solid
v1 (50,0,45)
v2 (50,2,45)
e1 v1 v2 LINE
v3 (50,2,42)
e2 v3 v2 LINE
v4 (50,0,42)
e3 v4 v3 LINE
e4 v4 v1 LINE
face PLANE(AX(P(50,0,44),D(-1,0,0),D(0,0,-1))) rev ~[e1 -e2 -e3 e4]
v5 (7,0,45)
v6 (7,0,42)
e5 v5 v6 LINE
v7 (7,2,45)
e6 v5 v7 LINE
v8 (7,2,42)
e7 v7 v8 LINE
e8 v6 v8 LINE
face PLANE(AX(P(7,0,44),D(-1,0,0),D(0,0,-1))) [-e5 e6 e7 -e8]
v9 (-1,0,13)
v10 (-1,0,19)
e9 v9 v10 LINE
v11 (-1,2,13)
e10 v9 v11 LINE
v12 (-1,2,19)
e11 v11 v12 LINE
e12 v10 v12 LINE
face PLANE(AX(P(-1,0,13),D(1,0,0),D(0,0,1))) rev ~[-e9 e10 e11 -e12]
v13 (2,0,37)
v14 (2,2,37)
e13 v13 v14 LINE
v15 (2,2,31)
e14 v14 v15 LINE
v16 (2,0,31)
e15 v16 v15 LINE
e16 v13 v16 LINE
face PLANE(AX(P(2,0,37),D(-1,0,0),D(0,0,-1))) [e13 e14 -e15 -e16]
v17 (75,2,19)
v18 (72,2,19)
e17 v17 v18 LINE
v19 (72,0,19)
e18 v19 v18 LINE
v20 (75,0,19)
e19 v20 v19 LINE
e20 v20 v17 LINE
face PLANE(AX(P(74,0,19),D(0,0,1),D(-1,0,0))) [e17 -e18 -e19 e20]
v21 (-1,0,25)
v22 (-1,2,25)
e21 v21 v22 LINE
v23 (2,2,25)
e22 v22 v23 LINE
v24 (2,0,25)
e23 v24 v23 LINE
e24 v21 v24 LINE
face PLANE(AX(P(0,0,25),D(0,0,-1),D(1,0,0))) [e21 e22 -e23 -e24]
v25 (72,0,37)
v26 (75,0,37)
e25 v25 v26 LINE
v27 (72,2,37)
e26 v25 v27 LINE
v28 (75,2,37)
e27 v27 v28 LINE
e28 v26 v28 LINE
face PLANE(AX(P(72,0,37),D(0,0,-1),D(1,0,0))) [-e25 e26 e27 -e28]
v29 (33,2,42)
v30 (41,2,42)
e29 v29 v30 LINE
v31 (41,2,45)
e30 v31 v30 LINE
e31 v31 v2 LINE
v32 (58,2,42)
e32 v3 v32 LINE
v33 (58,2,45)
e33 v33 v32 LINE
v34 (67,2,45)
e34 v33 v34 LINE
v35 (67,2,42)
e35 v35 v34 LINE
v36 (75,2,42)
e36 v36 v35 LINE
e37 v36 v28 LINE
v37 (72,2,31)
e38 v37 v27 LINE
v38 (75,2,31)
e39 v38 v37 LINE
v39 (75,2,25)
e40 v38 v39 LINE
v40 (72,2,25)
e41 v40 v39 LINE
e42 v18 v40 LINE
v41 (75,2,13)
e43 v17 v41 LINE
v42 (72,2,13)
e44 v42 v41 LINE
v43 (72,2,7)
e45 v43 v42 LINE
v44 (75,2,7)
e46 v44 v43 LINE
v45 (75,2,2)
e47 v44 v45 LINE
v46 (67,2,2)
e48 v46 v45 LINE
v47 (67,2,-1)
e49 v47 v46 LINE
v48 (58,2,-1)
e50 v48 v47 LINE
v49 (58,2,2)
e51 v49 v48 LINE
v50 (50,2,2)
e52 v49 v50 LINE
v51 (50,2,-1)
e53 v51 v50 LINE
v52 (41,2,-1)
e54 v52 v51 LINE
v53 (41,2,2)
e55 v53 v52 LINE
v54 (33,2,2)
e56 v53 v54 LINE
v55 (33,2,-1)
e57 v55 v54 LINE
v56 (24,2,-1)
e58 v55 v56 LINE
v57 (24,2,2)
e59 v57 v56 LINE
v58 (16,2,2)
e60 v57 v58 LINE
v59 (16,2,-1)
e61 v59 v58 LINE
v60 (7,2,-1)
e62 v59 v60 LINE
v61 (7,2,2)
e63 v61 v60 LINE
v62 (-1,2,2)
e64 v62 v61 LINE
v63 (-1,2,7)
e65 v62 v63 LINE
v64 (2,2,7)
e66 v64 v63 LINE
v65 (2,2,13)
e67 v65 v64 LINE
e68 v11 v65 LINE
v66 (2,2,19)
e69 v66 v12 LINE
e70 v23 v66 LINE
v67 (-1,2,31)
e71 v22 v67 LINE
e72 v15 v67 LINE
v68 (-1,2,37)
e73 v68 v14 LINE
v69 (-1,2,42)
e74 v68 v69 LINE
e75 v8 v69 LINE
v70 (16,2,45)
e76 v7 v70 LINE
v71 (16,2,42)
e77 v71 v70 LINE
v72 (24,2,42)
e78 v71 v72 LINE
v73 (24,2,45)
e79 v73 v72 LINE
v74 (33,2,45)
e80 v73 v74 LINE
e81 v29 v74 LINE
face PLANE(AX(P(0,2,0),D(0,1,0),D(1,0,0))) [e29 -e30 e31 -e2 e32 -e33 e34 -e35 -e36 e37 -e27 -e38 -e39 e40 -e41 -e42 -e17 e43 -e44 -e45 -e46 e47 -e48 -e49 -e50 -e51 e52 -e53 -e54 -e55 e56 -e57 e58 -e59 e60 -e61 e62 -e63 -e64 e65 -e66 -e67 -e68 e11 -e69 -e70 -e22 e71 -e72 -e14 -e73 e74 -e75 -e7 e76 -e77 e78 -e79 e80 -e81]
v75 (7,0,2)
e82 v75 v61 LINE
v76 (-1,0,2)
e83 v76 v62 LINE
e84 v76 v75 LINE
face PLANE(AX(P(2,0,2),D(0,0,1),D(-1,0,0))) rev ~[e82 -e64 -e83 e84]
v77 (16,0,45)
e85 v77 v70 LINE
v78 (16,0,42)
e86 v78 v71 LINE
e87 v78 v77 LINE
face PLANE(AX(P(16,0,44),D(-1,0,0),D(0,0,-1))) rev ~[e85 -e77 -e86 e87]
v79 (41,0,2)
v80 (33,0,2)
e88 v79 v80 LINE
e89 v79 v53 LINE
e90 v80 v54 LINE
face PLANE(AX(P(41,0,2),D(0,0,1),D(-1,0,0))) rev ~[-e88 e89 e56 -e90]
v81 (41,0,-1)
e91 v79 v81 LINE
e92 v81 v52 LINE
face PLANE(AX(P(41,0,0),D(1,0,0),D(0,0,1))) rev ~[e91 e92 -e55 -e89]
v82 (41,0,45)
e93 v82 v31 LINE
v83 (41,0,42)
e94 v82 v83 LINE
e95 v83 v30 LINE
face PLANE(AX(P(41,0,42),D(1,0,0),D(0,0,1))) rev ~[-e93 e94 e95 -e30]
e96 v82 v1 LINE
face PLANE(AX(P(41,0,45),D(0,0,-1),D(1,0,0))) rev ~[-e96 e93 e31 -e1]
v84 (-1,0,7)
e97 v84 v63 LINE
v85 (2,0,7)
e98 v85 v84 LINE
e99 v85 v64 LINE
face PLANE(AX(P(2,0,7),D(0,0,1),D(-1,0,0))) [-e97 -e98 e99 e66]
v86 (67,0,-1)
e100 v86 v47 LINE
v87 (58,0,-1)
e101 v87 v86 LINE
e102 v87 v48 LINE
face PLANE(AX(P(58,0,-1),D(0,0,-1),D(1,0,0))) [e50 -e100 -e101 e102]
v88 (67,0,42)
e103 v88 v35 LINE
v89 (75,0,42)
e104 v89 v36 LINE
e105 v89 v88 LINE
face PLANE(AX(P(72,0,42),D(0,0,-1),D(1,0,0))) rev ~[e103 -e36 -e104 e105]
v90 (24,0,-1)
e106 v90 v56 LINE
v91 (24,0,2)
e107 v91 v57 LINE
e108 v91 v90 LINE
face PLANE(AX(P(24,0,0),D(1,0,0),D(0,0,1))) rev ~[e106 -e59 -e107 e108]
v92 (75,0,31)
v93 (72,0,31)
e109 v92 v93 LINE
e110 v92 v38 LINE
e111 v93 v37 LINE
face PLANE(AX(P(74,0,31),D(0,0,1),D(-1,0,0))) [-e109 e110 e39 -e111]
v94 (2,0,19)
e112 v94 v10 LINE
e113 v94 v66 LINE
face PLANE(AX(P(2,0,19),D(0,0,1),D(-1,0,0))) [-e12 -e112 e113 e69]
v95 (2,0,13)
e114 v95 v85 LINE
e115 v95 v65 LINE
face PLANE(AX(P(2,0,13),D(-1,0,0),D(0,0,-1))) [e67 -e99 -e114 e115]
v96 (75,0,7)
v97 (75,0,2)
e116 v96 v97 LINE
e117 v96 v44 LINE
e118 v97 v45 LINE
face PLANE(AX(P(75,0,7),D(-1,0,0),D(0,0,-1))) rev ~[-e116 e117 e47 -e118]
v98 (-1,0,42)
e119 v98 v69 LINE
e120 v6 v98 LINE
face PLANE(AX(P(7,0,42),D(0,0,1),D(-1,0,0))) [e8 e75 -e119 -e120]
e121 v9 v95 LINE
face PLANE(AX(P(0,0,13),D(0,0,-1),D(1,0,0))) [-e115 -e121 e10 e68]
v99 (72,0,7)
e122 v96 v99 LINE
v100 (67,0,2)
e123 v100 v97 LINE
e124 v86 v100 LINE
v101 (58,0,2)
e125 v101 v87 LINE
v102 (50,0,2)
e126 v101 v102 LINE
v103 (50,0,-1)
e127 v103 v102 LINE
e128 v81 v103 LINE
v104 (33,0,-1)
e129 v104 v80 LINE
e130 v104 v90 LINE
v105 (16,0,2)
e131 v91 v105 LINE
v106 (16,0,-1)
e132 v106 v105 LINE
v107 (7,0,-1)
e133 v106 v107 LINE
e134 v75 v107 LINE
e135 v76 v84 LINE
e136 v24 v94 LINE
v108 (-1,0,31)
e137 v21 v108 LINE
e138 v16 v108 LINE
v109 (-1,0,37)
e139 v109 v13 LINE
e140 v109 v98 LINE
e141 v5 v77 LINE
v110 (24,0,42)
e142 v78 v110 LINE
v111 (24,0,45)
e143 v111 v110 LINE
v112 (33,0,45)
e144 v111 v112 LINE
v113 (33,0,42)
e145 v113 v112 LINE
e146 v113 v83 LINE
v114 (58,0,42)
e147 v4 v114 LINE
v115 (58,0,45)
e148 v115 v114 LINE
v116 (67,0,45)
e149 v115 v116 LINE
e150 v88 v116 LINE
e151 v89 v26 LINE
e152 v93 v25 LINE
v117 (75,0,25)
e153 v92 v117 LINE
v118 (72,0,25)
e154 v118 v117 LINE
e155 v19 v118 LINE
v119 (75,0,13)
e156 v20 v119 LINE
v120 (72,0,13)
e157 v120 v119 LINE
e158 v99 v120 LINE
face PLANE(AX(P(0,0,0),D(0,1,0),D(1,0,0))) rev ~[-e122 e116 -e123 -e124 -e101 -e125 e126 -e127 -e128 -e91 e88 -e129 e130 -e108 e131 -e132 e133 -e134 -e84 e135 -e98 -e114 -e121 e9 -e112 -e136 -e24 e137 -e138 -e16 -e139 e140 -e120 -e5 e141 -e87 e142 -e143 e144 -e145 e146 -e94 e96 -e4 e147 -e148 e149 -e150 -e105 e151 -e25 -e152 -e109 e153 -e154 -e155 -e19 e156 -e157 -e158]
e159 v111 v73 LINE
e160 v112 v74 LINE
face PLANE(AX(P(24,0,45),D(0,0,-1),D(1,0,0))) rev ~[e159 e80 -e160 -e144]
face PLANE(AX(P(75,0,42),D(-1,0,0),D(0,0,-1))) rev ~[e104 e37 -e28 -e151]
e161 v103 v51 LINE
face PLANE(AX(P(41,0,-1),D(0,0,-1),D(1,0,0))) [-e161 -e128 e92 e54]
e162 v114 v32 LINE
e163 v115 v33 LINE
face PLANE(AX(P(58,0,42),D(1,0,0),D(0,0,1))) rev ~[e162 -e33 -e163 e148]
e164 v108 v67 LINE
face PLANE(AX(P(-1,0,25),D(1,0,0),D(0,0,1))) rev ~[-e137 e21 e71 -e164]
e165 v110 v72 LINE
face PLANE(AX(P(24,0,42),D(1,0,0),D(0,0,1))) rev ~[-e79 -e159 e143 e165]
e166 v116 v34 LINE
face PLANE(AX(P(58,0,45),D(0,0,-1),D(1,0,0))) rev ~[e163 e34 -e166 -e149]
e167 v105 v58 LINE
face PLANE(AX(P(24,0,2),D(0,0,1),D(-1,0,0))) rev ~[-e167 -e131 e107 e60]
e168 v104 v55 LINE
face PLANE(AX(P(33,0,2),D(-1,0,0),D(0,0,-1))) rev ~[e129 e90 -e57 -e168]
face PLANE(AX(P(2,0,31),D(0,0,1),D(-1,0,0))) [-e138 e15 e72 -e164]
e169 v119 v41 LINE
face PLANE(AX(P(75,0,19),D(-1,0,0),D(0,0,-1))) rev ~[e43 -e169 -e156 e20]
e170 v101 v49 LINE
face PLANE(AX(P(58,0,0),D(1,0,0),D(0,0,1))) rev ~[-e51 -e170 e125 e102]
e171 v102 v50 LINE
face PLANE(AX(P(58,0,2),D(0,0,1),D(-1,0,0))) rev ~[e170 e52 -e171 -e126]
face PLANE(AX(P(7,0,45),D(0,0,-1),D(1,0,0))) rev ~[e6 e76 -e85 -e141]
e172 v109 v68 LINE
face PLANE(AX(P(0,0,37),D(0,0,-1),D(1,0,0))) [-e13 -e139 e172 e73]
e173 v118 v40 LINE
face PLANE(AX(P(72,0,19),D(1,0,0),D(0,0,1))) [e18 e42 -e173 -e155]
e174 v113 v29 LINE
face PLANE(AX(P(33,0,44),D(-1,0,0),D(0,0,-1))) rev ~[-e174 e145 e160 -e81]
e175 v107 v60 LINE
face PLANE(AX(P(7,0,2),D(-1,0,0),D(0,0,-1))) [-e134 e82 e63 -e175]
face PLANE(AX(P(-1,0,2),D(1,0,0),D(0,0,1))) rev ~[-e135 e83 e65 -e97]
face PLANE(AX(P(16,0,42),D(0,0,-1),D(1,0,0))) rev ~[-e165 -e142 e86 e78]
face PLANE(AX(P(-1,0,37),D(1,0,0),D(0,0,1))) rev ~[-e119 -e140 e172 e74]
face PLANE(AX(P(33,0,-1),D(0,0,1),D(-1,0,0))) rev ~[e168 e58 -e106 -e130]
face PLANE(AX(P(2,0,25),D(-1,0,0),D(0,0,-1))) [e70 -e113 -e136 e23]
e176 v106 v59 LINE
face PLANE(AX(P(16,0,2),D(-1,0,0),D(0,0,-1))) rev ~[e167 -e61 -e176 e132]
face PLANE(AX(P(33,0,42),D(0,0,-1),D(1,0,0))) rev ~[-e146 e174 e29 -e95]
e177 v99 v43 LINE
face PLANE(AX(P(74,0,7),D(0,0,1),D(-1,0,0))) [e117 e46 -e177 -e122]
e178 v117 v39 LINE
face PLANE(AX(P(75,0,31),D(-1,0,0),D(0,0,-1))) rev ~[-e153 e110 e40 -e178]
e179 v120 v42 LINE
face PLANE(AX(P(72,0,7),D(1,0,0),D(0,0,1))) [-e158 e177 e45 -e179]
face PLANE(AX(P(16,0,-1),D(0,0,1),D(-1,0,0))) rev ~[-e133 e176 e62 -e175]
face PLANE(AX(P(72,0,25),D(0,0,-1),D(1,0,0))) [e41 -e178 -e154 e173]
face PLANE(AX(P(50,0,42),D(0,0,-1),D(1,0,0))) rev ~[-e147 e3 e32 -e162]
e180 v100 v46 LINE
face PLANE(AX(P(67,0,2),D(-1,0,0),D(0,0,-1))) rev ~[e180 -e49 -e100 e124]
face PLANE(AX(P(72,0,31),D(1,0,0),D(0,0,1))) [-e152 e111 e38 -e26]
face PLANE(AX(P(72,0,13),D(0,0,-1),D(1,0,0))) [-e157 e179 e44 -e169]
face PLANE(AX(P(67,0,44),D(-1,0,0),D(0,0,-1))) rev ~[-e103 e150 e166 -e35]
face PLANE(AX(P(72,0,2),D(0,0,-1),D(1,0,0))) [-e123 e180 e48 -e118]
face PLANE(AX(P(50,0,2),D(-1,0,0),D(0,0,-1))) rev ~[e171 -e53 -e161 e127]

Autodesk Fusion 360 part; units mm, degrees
sketch "スケッチ1" plane through (0, 0, 0) normal (0, 1, 0) x (1, 0, 0)
  line L0 (0, 0) -> (74, 0)
  line L1 (74, 0) -> (74, -44)
  line L2 (74, -44) -> (0, -44)
  line L3 (0, -44) -> (0, 0)
  dimension "d1" = 74
  dimension "d2" = 44
extrude "押し出し1" add sketch "スケッチ1" along normal blind 2
sketch "スケッチ2" plane through (0, 0, 0) normal (0, -1, 0) x (1, 0, 0)
  line L0 (74, 44) -> (0, 44)
  line L1 (0, 44) -> (0, 0)
  line L2 (0, 0) -> (74, 0)
  line L3 (74, 0) -> (74, 44)
  line L4 (72, 37) -> (74, 37)
  line L5 (74, 37) -> (74, 31)
  line L6 (74, 31) -> (72, 31)
  line L7 (72, 31) -> (72, 37)
  line L8 (74, 25) -> (74, 19)
  line L9 (74, 19) -> (72, 19)
  line L10 (72, 19) -> (72, 25)
  line L11 (72, 25) -> (74, 25)
  line L12 (74, 13) -> (74, 7)
  line L13 (74, 7) -> (72, 7)
  line L14 (72, 7) -> (72, 13)
  line L15 (72, 13) -> (74, 13)
  line L16 (2, 25) -> (2, 19)
  line L17 (2, 31) -> (0, 31)
  line L18 (2, 37) -> (2, 31)
  line L19 (0, 25) -> (2, 25)
  line L20 (2, 13) -> (2, 7)
  line L21 (0, 19) -> (0, 25)
  line L22 (0, 13) -> (2, 13)
  line L23 (2, 7) -> (0, 7)
  line L24 (0, 31) -> (0, 37)
  line L25 (0, 37) -> (2, 37)
  line L26 (0, 7) -> (0, 13)
  line L27 (2, 19) -> (0, 19)
  line L28 (74, 44) -> (72, 44)
  line L29 (72, 44) -> (72, 42)
  line L30 (72, 42) -> (74, 42)
  line L31 (74, 42) -> (74, 44)
  line L32 (0, 44) -> (2, 44)
  line L33 (2, 44) -> (2, 42)
  line L34 (2, 42) -> (0, 42)
  line L35 (0, 42) -> (0, 44)
  line L36 (0, 0) -> (2, 0)
  line L37 (2, 0) -> (2, 2)
  line L38 (2, 2) -> (0, 2)
  line L39 (0, 2) -> (0, 0)
  line L40 (74, 0) -> (72, 0)
  line L41 (72, 0) -> (72, 2)
  line L42 (72, 2) -> (74, 2)
  line L43 (74, 2) -> (74, 0)
  dimension "d7" = 0
  dimension "d8" = -12
  dimension "d9" = 2
  dimension "d10" = 7
  dimension "d11" = 6
  dimension "d12" = 6
  dimension "d13" = 7
  dimension "d16" = -72
  dimension "d17" = 0
extrude "押し出し2" cut sketch "スケッチ2" against normal blind 2 contours L0 L3 L28 L29 L30 L31 | L0 L1 L32 L33 L34 L35 | L3 L4 L5 L6 L7 | L3 L8 L9 L10 L11 | L1 L17 L18 L24 L25 | L3 L12 L13 L14 L15 | L1 L16 L19 L21 L27 | L2 L3 L40 L41 L42 L43 | L1 L20 L22 L23 L26 | L1 L2 L36 L37 L38 L39
sketch "スケッチ3" plane through (0, 0, 0) normal (0, -1, 0) x (1, 0, 0)
  line L0 (74, 31) -> (72, 31)
  line L1 (72, 31) -> (72, 37)
  line L2 (72, 37) -> (74, 37)
  line L3 (74, 37) -> (74, 42)
  line L4 (74, 42) -> (72, 42)
  line L5 (72, 42) -> (72, 44)
  line L6 (72, 44) -> (2, 44)
  line L7 (2, 44) -> (2, 42)
  line L8 (2, 42) -> (0, 42)
  line L9 (0, 42) -> (0, 37)
  line L10 (0, 37) -> (2, 37)
  line L11 (2, 37) -> (2, 31)
  line L12 (2, 31) -> (0, 31)
  line L13 (0, 31) -> (0, 25)
  line L14 (0, 25) -> (2, 25)
  line L15 (2, 25) -> (2, 19)
  line L16 (2, 19) -> (0, 19)
  line L17 (0, 19) -> (0, 13)
  line L18 (0, 13) -> (2, 13)
  line L19 (2, 13) -> (2, 7)
  line L20 (2, 7) -> (0, 7)
  line L21 (0, 7) -> (0, 2)
  line L22 (0, 2) -> (2, 2)
  line L23 (2, 2) -> (2, 0)
  line L24 (2, 0) -> (72, 0)
  line L25 (72, 0) -> (72, 2)
  line L26 (72, 2) -> (74, 2)
  line L27 (74, 2) -> (74, 7)
  line L28 (74, 7) -> (72, 7)
  line L29 (72, 7) -> (72, 13)
  line L30 (72, 13) -> (74, 13)
  line L31 (74, 13) -> (74, 19)
  line L32 (74, 19) -> (72, 19)
  line L33 (72, 19) -> (72, 25)
  line L34 (72, 25) -> (74, 25)
  line L35 (74, 25) -> (74, 31)
  line L36 (0, 44) -> (7, 44)
  line L37 (7, 44) -> (7, 42)
  line L38 (7, 42) -> (0, 42)
  line L39 (0, 42) -> (0, 44)
  line L40 (16, 42) -> (24, 42)
  line L41 (24, 42) -> (24, 44)
  line L42 (24, 44) -> (16, 44)
  line L43 (16, 44) -> (16, 42)
  line L44 (41, 42) -> (41, 44)
  line L45 (33, 42) -> (41, 42)
  line L46 (41, 44) -> (33, 44)
  line L47 (33, 44) -> (33, 42)
  line L48 (58, 42) -> (58, 44)
  line L49 (50, 42) -> (58, 42)
  line L50 (58, 44) -> (50, 44)
  line L51 (50, 44) -> (50, 42)
  line L52 (67, 42) -> (74, 42)
  line L53 (74, 42) -> (74, 44)
  line L54 (74, 44) -> (67, 44)
  line L55 (67, 44) -> (67, 42)
  line L56 (7, 0) -> (0, 0)
  line L57 (41, 2) -> (33, 2)
  line L58 (33, 2) -> (33, 0)
  line L59 (50, 2) -> (50, 0)
  line L60 (24, 2) -> (16, 2)
  line L61 (24, 0) -> (24, 2)
  line L62 (16, 0) -> (24, 0)
  line L63 (7, 2) -> (7, 0)
  line L64 (50, 0) -> (58, 0)
  line L65 (67, 2) -> (67, 0)
  line L66 (0, 0) -> (0, 2)
  line L67 (74, 2) -> (67, 2)
  line L68 (41, 0) -> (41, 2)
  line L69 (58, 2) -> (50, 2)
  line L70 (16, 2) -> (16, 0)
  line L71 (33, 0) -> (41, 0)
  line L72 (67, 0) -> (74, 0)
  line L73 (58, 0) -> (58, 2)
  line L74 (0, 2) -> (7, 2)
  line L75 (74, 0) -> (74, 2)
  line L76 (72, 0) -> (72, 2)
  line L77 (74, 0) -> (72, 0)
  line L78 (2, 2) -> (2, 0)
  line L79 (2, 0) -> (0, 0)
  dimension "d20" = 8
  dimension "d21" = 2
  dimension "d22" = 2
  dimension "d23" = 9
  dimension "d26" = 17
  dimension "d27" = 0
  dimension "d28" = 2
  dimension "d29" = 9
extrude "押し出し3" cut sketch "スケッチ3" against normal blind 2 contours L4 L5 L52 L53 L54 | L5 L6 L52 L54 L55 | L6 L48 L49 L50 L51 | L25 L26 L67 L72 L75 L76 L77 | L6 L44 L45 L46 L47 | L24 L25 L65 L67 L72 L76 | L6 L40 L41 L42 L43 | L24 L59 L64 L69 L73 | L6 L7 L36 L37 L38 | L7 L8 L36 L38 L39 | L24 L57 L58 L68 L71 | L24 L60 L61 L62 L70 | L23 L24 L56 L63 L74 L78 | L22 L23 L56 L66 L74 L78 L79
sketch "スケッチ4" plane through (0, 0, 0) normal (0, -1, 0) x (1, 0, 0)
  line L0 (41, 2) -> (41, 0)
  line L1 (41, 0) -> (50, 0)
  line L2 (50, 0) -> (50, 2)
  line L3 (50, 2) -> (58, 2)
  line L4 (58, 2) -> (58, 0)
  line L5 (58, 0) -> (67, 0)
  line L6 (67, 0) -> (67, 2)
  line L7 (67, 2) -> (74, 2)
  line L8 (74, 2) -> (74, 7)
  line L9 (74, 7) -> (72, 7)
  line L10 (72, 7) -> (72, 13)
  line L11 (72, 13) -> (74, 13)
  line L12 (74, 13) -> (74, 19)
  line L13 (74, 19) -> (72, 19)
  line L14 (72, 19) -> (72, 25)
  line L15 (72, 25) -> (74, 25)
  line L16 (74, 25) -> (74, 31)
  line L17 (74, 31) -> (72, 31)
  line L18 (72, 31) -> (72, 37)
  line L19 (72, 37) -> (74, 37)
  line L20 (74, 37) -> (74, 42)
  line L21 (74, 42) -> (67, 42)
  line L22 (67, 42) -> (67, 44)
  line L23 (67, 44) -> (58, 44)
  line L24 (58, 44) -> (58, 42)
  line L25 (58, 42) -> (50, 42)
  line L26 (50, 42) -> (50, 44)
  line L27 (50, 44) -> (41, 44)
  line L28 (41, 44) -> (41, 42)
  line L29 (41, 42) -> (33, 42)
  line L30 (33, 42) -> (33, 44)
  line L31 (33, 44) -> (24, 44)
  line L32 (24, 44) -> (24, 42)
  line L33 (24, 42) -> (16, 42)
  line L34 (16, 42) -> (16, 44)
  line L35 (16, 44) -> (7, 44)
  line L36 (7, 44) -> (7, 42)
  line L37 (7, 42) -> (0, 42)
  line L38 (0, 42) -> (0, 37)
  line L39 (0, 37) -> (2, 37)
  line L40 (2, 37) -> (2, 31)
  line L41 (2, 31) -> (0, 31)
  line L42 (0, 31) -> (0, 25)
  line L43 (0, 25) -> (2, 25)
  line L44 (2, 25) -> (2, 19)
  line L45 (2, 19) -> (0, 19)
  line L46 (0, 19) -> (0, 13)
  line L47 (0, 13) -> (2, 13)
  line L48 (2, 13) -> (2, 7)
  line L49 (2, 7) -> (0, 7)
  line L50 (0, 7) -> (0, 2)
  line L51 (0, 2) -> (7, 2)
  line L52 (7, 2) -> (7, 0)
  line L53 (7, 0) -> (16, 0)
  line L54 (16, 0) -> (16, 2)
  line L55 (16, 2) -> (24, 2)
  line L56 (24, 2) -> (24, 0)
  line L57 (24, 0) -> (33, 0)
  line L58 (33, 0) -> (33, 2)
  line L59 (33, 2) -> (41, 2)
  line L60 (7, 45) -> (16, 45)
  line L61 (16, 45) -> (16, 44)
  line L62 (16, 44) -> (7, 44)
  line L63 (7, 44) -> (7, 45)
  line L64 (24, 45) -> (33, 45)
  line L65 (33, 45) -> (33, 44)
  line L66 (33, 44) -> (24, 44)
  line L67 (24, 44) -> (24, 45)
  line L68 (41, 45) -> (50, 45)
  line L69 (50, 45) -> (50, 44)
  line L70 (50, 44) -> (41, 44)
  line L71 (41, 44) -> (41, 45)
  line L72 (58, 45) -> (67, 45)
  line L73 (67, 45) -> (67, 44)
  line L74 (67, 44) -> (58, 44)
  line L75 (58, 44) -> (58, 45)
  line L76 (74, 42) -> (75, 42)
  line L77 (75, 42) -> (75, 37)
  line L78 (75, 37) -> (74, 37)
  line L79 (74, 37) -> (74, 42)
  line L80 (74, 31) -> (75, 31)
  line L81 (75, 31) -> (75, 25)
  line L82 (75, 25) -> (74, 25)
  line L83 (74, 25) -> (74, 31)
  line L84 (74, 19) -> (75, 19)
  line L85 (75, 19) -> (75, 13)
  line L86 (75, 13) -> (74, 13)
  line L87 (74, 13) -> (74, 19)
  line L88 (74, 7) -> (75, 7)
  line L89 (75, 7) -> (75, 2)
  line L90 (75, 2) -> (74, 2)
  line L91 (74, 2) -> (74, 7)
  line L92 (58, -1) -> (67, -1)
  line L93 (67, -1) -> (67, 0)
  line L94 (67, 0) -> (58, 0)
  line L95 (58, 0) -> (58, -1)
  line L96 (41, -1) -> (50, -1)
  line L97 (50, -1) -> (50, 0)
  line L98 (50, 0) -> (41, 0)
  line L99 (41, 0) -> (41, -1)
  line L100 (24, 0) -> (33, 0)
  line L101 (33, 0) -> (33, -1)
  line L102 (33, -1) -> (24, -1)
  line L103 (24, -1) -> (24, 0)
  line L104 (16, -1) -> (7, -1)
  line L105 (7, -1) -> (7, 0)
  line L106 (7, 0) -> (16, 0)
  line L107 (16, 0) -> (16, -1)
  line L108 (0, 2) -> (-1, 2)
  line L109 (-1, 2) -> (-1, 7)
  line L110 (-1, 7) -> (0, 7)
  line L111 (0, 7) -> (0, 2)
  line L112 (0, 13) -> (-1, 13)
  line L113 (-1, 13) -> (-1, 19)
  line L114 (-1, 19) -> (0, 19)
  line L115 (0, 19) -> (0, 13)
  line L116 (0, 25) -> (-1, 25)
  line L117 (-1, 25) -> (-1, 31)
  line L118 (-1, 31) -> (0, 31)
  line L119 (0, 31) -> (0, 25)
  line L120 (0, 37) -> (-1, 37)
  line L121 (-1, 37) -> (-1, 42)
  line L122 (-1, 42) -> (0, 42)
  line L123 (0, 42) -> (0, 37)
extrude "押し出し4" add sketch "スケッチ4" against normal blind 2 contours L1 L96 L97 L98 L99 | L57 L100 L101 L102 L103 | L5 L92 L93 L94 L95 | L53 L104 L105 L106 L107 | L8 L88 L89 L90 L91 | L50 L108 L109 L110 L111 | L12 L84 L85 L86 L87 | L46 L112 L113 L114 L115 | L16 L80 L81 L82 L83 | L42 L116 L117 L118 L119 | L20 L76 L77 L78 L79 | L38 L120 L121 L122 L123 | L23 L72 L73 L74 L75 | L35 L60 L61 L62 L63 | L27 L68 L69 L70 L71 | L31 L64 L65 L66 L67
sketch "スケッチ5" plane through (0, 0, 0) normal (0, -1, 0) x (1, 0, 0)
  line L0 (41, 2) -> (41, -1)
  line L1 (41, -1) -> (50, -1)
  line L2 (50, -1) -> (50, 2)
  line L3 (50, 2) -> (58, 2)
  line L4 (58, 2) -> (58, -1)
  line L5 (58, -1) -> (67, -1)
  line L6 (67, -1) -> (67, 2)
  line L7 (67, 2) -> (75, 2)
  line L8 (75, 2) -> (75, 7)
  line L9 (75, 7) -> (72, 7)
  line L10 (72, 7) -> (72, 13)
  line L11 (72, 13) -> (75, 13)
  line L12 (75, 13) -> (75, 19)
  line L13 (75, 19) -> (72, 19)
  line L14 (72, 19) -> (72, 25)
  line L15 (72, 25) -> (75, 25)
  line L16 (75, 25) -> (75, 31)
  line L17 (75, 31) -> (72, 31)
  line L18 (72, 31) -> (72, 37)
  line L19 (72, 37) -> (75, 37)
  line L20 (75, 37) -> (75, 42)
  line L21 (75, 42) -> (67, 42)
  line L22 (67, 42) -> (67, 45)
  line L23 (67, 45) -> (58, 45)
  line L24 (58, 45) -> (58, 42)
  line L25 (58, 42) -> (50, 42)
  line L26 (50, 42) -> (50, 45)
  line L27 (50, 45) -> (41, 45)
  line L28 (41, 45) -> (41, 42)
  line L29 (41, 42) -> (33, 42)
  line L30 (33, 42) -> (33, 45)
  line L31 (33, 45) -> (24, 45)
  line L32 (24, 45) -> (24, 42)
  line L33 (24, 42) -> (16, 42)
  line L34 (16, 42) -> (16, 45)
  line L35 (16, 45) -> (7, 45)
  line L36 (7, 45) -> (7, 42)
  line L37 (7, 42) -> (-1, 42)
  line L38 (-1, 42) -> (-1, 37)
  line L39 (-1, 37) -> (2, 37)
  line L40 (2, 37) -> (2, 31)
  line L41 (2, 31) -> (-1, 31)
  line L42 (-1, 31) -> (-1, 25)
  line L43 (-1, 25) -> (2, 25)
  line L44 (2, 25) -> (2, 19)
  line L45 (2, 19) -> (-1, 19)
  line L46 (-1, 19) -> (-1, 13)
  line L47 (-1, 13) -> (2, 13)
  line L48 (2, 13) -> (2, 7)
  line L49 (2, 7) -> (-1, 7)
  line L50 (-1, 7) -> (-1, 2)
  line L51 (-1, 2) -> (7, 2)
  line L52 (7, 2) -> (7, -1)
  line L53 (7, -1) -> (16, -1)
  line L54 (16, -1) -> (16, 2)
  line L55 (16, 2) -> (24, 2)
  line L56 (24, 2) -> (24, -1)
  line L57 (24, -1) -> (33, -1)
  line L58 (33, -1) -> (33, 2)
  line L59 (33, 2) -> (41, 2)
